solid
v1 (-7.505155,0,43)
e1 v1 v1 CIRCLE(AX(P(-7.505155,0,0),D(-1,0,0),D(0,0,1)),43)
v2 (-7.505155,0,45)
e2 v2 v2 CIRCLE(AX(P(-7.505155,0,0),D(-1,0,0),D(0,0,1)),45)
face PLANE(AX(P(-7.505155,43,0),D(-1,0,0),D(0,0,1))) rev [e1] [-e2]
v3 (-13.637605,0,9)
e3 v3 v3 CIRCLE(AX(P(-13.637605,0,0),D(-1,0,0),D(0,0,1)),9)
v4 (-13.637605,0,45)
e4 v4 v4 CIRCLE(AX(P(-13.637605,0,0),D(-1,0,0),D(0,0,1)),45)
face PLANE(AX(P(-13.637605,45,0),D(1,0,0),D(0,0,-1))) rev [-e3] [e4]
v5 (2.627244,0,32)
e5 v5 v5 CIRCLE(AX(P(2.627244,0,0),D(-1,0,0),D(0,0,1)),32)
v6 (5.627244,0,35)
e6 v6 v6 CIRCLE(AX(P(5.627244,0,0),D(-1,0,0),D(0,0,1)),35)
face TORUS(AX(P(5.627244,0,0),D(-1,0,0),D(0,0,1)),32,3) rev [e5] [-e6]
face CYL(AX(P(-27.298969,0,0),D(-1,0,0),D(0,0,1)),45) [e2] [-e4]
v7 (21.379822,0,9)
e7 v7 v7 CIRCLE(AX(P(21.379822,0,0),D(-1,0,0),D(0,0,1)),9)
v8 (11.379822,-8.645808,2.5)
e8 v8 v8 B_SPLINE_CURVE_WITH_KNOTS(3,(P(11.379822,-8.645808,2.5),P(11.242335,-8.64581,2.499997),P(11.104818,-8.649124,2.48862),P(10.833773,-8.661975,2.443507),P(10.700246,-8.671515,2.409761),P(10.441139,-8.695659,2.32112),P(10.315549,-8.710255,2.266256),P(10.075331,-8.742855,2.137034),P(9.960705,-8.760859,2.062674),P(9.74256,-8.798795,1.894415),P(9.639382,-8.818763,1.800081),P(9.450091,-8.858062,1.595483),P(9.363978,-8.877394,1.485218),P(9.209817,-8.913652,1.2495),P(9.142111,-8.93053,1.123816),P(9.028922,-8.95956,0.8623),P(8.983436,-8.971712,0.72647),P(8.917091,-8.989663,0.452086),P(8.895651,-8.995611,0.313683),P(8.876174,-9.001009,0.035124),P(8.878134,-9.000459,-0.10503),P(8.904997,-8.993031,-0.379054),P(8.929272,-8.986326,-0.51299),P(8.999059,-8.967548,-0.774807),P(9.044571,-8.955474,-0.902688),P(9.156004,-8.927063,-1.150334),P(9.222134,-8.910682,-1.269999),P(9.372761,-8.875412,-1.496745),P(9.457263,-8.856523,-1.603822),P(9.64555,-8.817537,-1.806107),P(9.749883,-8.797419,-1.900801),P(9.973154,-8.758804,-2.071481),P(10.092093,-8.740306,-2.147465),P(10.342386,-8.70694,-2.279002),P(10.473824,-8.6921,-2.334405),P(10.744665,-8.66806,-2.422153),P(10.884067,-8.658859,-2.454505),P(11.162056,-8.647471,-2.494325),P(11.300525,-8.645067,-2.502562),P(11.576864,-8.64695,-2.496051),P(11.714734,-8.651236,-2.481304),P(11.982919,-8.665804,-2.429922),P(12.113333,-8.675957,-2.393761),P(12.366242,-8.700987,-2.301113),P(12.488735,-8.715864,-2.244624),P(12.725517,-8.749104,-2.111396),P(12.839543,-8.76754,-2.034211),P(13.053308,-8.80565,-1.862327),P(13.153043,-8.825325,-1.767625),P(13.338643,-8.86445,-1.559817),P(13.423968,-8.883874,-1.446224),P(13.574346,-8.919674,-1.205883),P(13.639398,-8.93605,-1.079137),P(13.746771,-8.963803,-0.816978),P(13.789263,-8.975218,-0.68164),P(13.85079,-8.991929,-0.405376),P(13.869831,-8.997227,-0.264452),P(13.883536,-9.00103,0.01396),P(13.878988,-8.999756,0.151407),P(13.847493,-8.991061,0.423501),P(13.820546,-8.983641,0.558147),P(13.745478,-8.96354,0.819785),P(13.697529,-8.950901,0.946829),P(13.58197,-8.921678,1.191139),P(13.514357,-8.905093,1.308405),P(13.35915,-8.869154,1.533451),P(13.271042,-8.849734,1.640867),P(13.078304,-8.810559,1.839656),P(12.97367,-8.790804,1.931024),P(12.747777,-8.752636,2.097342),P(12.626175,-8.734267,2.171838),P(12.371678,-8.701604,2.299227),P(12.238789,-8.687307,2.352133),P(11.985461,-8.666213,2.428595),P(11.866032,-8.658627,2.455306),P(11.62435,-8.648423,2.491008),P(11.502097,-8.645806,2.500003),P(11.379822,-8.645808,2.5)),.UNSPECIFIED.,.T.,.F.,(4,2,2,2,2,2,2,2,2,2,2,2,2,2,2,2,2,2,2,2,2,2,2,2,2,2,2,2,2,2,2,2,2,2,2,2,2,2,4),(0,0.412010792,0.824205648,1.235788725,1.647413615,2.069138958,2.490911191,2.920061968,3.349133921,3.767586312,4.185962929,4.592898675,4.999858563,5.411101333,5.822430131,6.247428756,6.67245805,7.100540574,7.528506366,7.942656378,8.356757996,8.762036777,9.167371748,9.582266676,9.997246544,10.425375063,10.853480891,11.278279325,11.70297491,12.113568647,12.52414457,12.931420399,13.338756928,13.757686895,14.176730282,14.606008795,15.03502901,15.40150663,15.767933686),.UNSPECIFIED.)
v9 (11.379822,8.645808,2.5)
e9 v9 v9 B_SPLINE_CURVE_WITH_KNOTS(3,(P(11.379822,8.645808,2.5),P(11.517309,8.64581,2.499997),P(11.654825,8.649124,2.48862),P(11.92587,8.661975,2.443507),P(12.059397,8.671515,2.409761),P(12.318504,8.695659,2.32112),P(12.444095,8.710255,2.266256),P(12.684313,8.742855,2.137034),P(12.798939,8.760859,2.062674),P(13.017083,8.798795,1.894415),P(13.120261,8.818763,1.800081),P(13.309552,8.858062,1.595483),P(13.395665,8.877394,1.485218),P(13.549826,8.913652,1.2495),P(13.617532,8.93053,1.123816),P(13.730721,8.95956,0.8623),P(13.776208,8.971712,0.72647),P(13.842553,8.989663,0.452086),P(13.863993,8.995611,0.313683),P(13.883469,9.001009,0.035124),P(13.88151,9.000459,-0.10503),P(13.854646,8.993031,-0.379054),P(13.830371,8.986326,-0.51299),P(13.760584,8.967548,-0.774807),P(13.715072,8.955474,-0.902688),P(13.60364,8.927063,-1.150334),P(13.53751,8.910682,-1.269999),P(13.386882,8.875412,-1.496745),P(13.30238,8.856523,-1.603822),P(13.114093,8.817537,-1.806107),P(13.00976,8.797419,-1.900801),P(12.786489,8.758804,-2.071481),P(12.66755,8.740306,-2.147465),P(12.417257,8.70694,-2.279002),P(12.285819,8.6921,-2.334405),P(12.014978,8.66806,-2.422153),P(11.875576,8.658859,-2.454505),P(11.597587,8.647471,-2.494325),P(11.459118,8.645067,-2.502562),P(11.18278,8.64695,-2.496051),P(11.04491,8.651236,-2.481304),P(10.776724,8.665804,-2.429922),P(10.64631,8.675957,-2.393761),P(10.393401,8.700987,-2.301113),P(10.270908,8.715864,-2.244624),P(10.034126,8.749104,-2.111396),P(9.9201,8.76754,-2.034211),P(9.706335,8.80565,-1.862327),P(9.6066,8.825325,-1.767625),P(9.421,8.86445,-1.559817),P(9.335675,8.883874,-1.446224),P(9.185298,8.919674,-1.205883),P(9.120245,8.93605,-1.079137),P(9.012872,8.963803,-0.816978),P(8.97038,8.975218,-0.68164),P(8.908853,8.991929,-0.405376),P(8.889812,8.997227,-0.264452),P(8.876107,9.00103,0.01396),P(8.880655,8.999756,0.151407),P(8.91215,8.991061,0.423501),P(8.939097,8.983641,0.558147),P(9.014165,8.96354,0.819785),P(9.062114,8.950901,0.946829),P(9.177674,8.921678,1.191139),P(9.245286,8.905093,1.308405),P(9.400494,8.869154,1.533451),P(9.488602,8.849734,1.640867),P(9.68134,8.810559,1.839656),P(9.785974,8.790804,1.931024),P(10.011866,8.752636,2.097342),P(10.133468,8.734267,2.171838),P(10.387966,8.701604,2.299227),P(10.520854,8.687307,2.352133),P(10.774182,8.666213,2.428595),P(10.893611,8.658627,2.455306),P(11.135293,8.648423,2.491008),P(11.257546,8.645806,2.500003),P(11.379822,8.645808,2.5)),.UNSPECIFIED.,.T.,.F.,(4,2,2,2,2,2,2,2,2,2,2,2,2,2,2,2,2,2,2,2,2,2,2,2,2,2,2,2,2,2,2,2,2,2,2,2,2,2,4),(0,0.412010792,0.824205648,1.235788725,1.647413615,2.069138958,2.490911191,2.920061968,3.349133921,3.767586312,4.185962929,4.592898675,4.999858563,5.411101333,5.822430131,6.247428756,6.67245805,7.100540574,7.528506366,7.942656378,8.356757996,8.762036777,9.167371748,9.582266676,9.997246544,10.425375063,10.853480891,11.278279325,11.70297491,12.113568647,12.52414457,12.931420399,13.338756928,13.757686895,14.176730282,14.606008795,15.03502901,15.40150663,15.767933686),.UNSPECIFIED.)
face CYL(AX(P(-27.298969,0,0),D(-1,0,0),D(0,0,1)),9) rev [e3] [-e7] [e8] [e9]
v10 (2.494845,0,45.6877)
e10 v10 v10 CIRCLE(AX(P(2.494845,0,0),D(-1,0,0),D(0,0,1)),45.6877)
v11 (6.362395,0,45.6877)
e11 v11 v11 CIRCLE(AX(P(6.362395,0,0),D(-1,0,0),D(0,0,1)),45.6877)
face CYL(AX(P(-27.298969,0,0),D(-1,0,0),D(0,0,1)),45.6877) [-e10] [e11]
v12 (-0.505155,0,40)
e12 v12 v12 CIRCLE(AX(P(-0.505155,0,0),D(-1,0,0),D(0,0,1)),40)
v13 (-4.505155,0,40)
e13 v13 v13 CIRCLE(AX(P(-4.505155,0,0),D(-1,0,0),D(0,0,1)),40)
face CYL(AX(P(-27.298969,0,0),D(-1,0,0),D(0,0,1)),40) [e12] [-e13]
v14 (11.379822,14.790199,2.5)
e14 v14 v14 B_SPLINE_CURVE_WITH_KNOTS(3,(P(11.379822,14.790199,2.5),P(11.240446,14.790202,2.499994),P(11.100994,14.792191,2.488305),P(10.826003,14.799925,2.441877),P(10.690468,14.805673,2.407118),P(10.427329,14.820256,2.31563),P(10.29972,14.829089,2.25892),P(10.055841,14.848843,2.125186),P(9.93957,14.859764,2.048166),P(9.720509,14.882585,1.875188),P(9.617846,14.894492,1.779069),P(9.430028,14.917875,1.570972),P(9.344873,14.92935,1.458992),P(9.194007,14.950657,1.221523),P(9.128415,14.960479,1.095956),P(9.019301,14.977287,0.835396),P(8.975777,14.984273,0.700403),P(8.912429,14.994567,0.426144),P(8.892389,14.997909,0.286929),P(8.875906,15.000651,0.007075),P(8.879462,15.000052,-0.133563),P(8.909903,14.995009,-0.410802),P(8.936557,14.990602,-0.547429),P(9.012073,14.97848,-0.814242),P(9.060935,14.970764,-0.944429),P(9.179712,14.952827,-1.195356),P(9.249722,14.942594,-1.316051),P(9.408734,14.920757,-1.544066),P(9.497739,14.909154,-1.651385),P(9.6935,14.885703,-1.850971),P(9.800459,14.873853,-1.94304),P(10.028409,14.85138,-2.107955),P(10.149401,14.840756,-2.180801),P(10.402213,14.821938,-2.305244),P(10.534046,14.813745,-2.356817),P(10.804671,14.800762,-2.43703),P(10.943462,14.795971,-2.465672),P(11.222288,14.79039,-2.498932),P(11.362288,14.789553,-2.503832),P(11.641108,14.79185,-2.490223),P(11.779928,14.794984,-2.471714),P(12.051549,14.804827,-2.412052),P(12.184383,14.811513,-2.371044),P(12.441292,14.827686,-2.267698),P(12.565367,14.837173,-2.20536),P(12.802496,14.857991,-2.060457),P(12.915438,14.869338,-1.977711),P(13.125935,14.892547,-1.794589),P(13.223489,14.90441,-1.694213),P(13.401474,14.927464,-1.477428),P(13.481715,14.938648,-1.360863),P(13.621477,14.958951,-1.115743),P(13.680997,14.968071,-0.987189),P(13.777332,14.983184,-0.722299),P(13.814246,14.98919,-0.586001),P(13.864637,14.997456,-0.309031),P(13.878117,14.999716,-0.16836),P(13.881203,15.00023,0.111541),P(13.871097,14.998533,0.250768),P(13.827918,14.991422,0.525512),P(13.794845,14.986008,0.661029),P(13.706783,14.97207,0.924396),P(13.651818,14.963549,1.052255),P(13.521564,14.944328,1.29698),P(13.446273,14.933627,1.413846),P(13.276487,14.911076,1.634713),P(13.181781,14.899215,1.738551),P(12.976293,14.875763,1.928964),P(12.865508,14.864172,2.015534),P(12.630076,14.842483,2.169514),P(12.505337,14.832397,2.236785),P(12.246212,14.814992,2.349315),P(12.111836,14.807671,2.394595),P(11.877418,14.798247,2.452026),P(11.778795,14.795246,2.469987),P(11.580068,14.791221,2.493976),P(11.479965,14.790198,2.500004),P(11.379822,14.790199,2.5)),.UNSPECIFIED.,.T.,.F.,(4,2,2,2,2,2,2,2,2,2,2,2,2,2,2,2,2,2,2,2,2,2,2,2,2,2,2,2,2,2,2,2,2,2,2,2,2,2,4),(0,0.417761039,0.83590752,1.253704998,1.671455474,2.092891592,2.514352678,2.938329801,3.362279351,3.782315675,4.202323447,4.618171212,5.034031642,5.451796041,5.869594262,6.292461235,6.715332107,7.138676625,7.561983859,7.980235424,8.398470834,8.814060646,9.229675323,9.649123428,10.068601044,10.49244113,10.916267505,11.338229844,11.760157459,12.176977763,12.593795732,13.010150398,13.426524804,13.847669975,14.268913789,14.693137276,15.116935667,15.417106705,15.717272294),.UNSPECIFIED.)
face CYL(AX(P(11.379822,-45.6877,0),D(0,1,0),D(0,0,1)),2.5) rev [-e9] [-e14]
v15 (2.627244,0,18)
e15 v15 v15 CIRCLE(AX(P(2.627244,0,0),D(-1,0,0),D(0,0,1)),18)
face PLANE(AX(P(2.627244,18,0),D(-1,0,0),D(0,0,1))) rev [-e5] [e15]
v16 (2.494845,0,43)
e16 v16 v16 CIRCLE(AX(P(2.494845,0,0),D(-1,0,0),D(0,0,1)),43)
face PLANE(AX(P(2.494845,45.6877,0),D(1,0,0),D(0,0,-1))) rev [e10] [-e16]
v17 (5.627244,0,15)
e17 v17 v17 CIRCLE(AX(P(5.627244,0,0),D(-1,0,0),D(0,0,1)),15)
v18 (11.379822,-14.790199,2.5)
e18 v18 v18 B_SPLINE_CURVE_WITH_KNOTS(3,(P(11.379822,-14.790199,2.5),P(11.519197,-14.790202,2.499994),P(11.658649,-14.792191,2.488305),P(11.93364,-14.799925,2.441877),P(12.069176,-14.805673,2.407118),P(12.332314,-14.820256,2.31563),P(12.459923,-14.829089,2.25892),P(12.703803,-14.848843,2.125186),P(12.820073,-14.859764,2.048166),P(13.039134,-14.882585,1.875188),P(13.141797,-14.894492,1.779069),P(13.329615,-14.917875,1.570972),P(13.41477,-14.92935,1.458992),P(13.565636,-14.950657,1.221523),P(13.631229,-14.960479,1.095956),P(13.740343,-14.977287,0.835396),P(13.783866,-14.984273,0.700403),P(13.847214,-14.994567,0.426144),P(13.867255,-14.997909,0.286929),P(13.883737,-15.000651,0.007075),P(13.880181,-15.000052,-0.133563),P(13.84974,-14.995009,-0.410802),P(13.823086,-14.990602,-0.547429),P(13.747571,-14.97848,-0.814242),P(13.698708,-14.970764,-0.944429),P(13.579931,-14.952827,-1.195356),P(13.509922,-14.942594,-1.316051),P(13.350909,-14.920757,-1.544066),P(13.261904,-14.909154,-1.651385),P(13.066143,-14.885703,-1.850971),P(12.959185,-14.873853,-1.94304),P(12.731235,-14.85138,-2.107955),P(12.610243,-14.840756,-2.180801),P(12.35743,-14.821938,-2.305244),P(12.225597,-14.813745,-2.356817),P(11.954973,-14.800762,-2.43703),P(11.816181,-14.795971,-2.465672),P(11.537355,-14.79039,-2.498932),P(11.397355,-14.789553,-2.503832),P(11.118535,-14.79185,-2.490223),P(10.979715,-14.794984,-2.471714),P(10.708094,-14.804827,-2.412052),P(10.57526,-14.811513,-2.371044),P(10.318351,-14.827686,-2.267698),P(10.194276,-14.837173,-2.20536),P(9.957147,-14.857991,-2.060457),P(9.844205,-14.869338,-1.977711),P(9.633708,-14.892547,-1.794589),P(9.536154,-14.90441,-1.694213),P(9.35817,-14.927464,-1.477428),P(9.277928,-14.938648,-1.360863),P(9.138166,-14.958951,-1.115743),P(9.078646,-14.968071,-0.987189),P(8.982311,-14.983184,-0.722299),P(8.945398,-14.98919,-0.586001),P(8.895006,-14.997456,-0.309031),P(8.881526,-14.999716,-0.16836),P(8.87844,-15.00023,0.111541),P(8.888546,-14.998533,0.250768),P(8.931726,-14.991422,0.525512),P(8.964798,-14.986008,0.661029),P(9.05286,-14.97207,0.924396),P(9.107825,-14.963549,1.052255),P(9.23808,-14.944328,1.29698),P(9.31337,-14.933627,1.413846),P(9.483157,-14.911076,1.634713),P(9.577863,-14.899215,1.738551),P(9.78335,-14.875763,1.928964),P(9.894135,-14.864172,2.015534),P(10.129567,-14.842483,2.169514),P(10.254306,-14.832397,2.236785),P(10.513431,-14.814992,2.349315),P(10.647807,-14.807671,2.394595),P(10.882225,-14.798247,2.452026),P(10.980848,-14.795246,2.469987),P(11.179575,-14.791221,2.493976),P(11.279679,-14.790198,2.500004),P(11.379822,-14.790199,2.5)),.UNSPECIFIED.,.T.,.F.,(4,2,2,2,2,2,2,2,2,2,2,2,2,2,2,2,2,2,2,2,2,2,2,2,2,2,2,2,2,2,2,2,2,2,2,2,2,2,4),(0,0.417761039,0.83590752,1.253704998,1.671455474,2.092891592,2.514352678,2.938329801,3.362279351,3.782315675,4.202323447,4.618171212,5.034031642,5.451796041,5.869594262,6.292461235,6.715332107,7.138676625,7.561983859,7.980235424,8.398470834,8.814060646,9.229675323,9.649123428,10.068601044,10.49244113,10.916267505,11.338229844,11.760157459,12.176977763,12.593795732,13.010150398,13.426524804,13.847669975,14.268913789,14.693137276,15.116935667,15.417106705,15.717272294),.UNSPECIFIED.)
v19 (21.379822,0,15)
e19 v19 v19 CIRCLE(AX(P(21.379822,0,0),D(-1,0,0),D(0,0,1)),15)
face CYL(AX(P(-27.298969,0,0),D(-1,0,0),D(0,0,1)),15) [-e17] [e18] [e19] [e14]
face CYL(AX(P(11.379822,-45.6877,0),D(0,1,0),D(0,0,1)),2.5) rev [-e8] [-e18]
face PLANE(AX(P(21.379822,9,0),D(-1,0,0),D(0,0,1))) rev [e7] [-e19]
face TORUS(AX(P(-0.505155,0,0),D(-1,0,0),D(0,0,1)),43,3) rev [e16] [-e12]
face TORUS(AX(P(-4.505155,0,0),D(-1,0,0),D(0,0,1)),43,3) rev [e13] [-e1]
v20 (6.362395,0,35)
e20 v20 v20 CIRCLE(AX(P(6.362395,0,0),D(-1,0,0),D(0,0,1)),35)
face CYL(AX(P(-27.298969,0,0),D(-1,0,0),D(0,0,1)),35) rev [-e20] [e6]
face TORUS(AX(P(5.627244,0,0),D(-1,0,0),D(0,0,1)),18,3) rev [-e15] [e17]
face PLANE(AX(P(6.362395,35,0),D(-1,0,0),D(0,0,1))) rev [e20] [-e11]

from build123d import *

# Parameters (mm, degrees)
SKETCH2_R          = 2.5
CUT_EXTRUDE1_DEPTH = 79.914255008


with BuildPart() as part:
    # Sketch1 → Revolve2 (revolve)
    with BuildSketch(Plane.XY, mode=Mode.PRIVATE) as revolve2_sk:
        with BuildLine():
            Line((-13.637604781, 9), (21.379821609, 9))
            Line((21.379821609, 9), (21.379821609, 15))
            Line((21.379821609, 15), (5.627244289, 15))
            ThreePointArc((5.627244289, 15), (3.505923946, 15.878679656), (2.627244289, 18))
            Line((2.627244289, 18), (2.627244289, 32))
            ThreePointArc((2.627244289, 32), (3.505923946, 34.121320344), (5.627244289, 35))
            Line((5.627244289, 35), (6.362395219, 35))
            Line((6.362395219, 35), (6.362395219, 45.687700042))
            Line((6.362395219, 45.687700042), (2.494845361, 45.687700042))
            Line((2.494845361, 45.687700042), (2.494845361, 43))
            ThreePointArc((2.494845361, 43), (1.616165704, 40.878679656), (-0.505154639, 40))
            Line((-0.505154639, 40), (-4.505154639, 40))
            ThreePointArc((-4.505154639, 40), (-6.626474983, 40.878679656), (-7.505154639, 43))
            Line((-7.505154639, 43), (-7.505154639, 45))
            Line((-7.505154639, 45), (-13.637604781, 45))
            Line((-13.637604781, 45), (-13.637604781, 9))
        make_face()
    revolve(revolve2_sk.sketch.rotate(Axis((-27.298969072, 0, 0), (1, 0, 0)), 90), axis=Axis((-27.298969072, 0, 0), (1, 0, 0)))

    # Sketch2 → Cut-Extrude1 (cut, through all)
    with BuildSketch(Plane(origin=(0, 15, 0), x_dir=(1, 0, 0), z_dir=(0, 1, 0))):
        with Locations(Location((11.379821609, 0, 0), (0, 0, 270))):
            Circle(SKETCH2_R)
    extrude(amount=-CUT_EXTRUDE1_DEPTH, mode=Mode.SUBTRACT)


solid = part.part
